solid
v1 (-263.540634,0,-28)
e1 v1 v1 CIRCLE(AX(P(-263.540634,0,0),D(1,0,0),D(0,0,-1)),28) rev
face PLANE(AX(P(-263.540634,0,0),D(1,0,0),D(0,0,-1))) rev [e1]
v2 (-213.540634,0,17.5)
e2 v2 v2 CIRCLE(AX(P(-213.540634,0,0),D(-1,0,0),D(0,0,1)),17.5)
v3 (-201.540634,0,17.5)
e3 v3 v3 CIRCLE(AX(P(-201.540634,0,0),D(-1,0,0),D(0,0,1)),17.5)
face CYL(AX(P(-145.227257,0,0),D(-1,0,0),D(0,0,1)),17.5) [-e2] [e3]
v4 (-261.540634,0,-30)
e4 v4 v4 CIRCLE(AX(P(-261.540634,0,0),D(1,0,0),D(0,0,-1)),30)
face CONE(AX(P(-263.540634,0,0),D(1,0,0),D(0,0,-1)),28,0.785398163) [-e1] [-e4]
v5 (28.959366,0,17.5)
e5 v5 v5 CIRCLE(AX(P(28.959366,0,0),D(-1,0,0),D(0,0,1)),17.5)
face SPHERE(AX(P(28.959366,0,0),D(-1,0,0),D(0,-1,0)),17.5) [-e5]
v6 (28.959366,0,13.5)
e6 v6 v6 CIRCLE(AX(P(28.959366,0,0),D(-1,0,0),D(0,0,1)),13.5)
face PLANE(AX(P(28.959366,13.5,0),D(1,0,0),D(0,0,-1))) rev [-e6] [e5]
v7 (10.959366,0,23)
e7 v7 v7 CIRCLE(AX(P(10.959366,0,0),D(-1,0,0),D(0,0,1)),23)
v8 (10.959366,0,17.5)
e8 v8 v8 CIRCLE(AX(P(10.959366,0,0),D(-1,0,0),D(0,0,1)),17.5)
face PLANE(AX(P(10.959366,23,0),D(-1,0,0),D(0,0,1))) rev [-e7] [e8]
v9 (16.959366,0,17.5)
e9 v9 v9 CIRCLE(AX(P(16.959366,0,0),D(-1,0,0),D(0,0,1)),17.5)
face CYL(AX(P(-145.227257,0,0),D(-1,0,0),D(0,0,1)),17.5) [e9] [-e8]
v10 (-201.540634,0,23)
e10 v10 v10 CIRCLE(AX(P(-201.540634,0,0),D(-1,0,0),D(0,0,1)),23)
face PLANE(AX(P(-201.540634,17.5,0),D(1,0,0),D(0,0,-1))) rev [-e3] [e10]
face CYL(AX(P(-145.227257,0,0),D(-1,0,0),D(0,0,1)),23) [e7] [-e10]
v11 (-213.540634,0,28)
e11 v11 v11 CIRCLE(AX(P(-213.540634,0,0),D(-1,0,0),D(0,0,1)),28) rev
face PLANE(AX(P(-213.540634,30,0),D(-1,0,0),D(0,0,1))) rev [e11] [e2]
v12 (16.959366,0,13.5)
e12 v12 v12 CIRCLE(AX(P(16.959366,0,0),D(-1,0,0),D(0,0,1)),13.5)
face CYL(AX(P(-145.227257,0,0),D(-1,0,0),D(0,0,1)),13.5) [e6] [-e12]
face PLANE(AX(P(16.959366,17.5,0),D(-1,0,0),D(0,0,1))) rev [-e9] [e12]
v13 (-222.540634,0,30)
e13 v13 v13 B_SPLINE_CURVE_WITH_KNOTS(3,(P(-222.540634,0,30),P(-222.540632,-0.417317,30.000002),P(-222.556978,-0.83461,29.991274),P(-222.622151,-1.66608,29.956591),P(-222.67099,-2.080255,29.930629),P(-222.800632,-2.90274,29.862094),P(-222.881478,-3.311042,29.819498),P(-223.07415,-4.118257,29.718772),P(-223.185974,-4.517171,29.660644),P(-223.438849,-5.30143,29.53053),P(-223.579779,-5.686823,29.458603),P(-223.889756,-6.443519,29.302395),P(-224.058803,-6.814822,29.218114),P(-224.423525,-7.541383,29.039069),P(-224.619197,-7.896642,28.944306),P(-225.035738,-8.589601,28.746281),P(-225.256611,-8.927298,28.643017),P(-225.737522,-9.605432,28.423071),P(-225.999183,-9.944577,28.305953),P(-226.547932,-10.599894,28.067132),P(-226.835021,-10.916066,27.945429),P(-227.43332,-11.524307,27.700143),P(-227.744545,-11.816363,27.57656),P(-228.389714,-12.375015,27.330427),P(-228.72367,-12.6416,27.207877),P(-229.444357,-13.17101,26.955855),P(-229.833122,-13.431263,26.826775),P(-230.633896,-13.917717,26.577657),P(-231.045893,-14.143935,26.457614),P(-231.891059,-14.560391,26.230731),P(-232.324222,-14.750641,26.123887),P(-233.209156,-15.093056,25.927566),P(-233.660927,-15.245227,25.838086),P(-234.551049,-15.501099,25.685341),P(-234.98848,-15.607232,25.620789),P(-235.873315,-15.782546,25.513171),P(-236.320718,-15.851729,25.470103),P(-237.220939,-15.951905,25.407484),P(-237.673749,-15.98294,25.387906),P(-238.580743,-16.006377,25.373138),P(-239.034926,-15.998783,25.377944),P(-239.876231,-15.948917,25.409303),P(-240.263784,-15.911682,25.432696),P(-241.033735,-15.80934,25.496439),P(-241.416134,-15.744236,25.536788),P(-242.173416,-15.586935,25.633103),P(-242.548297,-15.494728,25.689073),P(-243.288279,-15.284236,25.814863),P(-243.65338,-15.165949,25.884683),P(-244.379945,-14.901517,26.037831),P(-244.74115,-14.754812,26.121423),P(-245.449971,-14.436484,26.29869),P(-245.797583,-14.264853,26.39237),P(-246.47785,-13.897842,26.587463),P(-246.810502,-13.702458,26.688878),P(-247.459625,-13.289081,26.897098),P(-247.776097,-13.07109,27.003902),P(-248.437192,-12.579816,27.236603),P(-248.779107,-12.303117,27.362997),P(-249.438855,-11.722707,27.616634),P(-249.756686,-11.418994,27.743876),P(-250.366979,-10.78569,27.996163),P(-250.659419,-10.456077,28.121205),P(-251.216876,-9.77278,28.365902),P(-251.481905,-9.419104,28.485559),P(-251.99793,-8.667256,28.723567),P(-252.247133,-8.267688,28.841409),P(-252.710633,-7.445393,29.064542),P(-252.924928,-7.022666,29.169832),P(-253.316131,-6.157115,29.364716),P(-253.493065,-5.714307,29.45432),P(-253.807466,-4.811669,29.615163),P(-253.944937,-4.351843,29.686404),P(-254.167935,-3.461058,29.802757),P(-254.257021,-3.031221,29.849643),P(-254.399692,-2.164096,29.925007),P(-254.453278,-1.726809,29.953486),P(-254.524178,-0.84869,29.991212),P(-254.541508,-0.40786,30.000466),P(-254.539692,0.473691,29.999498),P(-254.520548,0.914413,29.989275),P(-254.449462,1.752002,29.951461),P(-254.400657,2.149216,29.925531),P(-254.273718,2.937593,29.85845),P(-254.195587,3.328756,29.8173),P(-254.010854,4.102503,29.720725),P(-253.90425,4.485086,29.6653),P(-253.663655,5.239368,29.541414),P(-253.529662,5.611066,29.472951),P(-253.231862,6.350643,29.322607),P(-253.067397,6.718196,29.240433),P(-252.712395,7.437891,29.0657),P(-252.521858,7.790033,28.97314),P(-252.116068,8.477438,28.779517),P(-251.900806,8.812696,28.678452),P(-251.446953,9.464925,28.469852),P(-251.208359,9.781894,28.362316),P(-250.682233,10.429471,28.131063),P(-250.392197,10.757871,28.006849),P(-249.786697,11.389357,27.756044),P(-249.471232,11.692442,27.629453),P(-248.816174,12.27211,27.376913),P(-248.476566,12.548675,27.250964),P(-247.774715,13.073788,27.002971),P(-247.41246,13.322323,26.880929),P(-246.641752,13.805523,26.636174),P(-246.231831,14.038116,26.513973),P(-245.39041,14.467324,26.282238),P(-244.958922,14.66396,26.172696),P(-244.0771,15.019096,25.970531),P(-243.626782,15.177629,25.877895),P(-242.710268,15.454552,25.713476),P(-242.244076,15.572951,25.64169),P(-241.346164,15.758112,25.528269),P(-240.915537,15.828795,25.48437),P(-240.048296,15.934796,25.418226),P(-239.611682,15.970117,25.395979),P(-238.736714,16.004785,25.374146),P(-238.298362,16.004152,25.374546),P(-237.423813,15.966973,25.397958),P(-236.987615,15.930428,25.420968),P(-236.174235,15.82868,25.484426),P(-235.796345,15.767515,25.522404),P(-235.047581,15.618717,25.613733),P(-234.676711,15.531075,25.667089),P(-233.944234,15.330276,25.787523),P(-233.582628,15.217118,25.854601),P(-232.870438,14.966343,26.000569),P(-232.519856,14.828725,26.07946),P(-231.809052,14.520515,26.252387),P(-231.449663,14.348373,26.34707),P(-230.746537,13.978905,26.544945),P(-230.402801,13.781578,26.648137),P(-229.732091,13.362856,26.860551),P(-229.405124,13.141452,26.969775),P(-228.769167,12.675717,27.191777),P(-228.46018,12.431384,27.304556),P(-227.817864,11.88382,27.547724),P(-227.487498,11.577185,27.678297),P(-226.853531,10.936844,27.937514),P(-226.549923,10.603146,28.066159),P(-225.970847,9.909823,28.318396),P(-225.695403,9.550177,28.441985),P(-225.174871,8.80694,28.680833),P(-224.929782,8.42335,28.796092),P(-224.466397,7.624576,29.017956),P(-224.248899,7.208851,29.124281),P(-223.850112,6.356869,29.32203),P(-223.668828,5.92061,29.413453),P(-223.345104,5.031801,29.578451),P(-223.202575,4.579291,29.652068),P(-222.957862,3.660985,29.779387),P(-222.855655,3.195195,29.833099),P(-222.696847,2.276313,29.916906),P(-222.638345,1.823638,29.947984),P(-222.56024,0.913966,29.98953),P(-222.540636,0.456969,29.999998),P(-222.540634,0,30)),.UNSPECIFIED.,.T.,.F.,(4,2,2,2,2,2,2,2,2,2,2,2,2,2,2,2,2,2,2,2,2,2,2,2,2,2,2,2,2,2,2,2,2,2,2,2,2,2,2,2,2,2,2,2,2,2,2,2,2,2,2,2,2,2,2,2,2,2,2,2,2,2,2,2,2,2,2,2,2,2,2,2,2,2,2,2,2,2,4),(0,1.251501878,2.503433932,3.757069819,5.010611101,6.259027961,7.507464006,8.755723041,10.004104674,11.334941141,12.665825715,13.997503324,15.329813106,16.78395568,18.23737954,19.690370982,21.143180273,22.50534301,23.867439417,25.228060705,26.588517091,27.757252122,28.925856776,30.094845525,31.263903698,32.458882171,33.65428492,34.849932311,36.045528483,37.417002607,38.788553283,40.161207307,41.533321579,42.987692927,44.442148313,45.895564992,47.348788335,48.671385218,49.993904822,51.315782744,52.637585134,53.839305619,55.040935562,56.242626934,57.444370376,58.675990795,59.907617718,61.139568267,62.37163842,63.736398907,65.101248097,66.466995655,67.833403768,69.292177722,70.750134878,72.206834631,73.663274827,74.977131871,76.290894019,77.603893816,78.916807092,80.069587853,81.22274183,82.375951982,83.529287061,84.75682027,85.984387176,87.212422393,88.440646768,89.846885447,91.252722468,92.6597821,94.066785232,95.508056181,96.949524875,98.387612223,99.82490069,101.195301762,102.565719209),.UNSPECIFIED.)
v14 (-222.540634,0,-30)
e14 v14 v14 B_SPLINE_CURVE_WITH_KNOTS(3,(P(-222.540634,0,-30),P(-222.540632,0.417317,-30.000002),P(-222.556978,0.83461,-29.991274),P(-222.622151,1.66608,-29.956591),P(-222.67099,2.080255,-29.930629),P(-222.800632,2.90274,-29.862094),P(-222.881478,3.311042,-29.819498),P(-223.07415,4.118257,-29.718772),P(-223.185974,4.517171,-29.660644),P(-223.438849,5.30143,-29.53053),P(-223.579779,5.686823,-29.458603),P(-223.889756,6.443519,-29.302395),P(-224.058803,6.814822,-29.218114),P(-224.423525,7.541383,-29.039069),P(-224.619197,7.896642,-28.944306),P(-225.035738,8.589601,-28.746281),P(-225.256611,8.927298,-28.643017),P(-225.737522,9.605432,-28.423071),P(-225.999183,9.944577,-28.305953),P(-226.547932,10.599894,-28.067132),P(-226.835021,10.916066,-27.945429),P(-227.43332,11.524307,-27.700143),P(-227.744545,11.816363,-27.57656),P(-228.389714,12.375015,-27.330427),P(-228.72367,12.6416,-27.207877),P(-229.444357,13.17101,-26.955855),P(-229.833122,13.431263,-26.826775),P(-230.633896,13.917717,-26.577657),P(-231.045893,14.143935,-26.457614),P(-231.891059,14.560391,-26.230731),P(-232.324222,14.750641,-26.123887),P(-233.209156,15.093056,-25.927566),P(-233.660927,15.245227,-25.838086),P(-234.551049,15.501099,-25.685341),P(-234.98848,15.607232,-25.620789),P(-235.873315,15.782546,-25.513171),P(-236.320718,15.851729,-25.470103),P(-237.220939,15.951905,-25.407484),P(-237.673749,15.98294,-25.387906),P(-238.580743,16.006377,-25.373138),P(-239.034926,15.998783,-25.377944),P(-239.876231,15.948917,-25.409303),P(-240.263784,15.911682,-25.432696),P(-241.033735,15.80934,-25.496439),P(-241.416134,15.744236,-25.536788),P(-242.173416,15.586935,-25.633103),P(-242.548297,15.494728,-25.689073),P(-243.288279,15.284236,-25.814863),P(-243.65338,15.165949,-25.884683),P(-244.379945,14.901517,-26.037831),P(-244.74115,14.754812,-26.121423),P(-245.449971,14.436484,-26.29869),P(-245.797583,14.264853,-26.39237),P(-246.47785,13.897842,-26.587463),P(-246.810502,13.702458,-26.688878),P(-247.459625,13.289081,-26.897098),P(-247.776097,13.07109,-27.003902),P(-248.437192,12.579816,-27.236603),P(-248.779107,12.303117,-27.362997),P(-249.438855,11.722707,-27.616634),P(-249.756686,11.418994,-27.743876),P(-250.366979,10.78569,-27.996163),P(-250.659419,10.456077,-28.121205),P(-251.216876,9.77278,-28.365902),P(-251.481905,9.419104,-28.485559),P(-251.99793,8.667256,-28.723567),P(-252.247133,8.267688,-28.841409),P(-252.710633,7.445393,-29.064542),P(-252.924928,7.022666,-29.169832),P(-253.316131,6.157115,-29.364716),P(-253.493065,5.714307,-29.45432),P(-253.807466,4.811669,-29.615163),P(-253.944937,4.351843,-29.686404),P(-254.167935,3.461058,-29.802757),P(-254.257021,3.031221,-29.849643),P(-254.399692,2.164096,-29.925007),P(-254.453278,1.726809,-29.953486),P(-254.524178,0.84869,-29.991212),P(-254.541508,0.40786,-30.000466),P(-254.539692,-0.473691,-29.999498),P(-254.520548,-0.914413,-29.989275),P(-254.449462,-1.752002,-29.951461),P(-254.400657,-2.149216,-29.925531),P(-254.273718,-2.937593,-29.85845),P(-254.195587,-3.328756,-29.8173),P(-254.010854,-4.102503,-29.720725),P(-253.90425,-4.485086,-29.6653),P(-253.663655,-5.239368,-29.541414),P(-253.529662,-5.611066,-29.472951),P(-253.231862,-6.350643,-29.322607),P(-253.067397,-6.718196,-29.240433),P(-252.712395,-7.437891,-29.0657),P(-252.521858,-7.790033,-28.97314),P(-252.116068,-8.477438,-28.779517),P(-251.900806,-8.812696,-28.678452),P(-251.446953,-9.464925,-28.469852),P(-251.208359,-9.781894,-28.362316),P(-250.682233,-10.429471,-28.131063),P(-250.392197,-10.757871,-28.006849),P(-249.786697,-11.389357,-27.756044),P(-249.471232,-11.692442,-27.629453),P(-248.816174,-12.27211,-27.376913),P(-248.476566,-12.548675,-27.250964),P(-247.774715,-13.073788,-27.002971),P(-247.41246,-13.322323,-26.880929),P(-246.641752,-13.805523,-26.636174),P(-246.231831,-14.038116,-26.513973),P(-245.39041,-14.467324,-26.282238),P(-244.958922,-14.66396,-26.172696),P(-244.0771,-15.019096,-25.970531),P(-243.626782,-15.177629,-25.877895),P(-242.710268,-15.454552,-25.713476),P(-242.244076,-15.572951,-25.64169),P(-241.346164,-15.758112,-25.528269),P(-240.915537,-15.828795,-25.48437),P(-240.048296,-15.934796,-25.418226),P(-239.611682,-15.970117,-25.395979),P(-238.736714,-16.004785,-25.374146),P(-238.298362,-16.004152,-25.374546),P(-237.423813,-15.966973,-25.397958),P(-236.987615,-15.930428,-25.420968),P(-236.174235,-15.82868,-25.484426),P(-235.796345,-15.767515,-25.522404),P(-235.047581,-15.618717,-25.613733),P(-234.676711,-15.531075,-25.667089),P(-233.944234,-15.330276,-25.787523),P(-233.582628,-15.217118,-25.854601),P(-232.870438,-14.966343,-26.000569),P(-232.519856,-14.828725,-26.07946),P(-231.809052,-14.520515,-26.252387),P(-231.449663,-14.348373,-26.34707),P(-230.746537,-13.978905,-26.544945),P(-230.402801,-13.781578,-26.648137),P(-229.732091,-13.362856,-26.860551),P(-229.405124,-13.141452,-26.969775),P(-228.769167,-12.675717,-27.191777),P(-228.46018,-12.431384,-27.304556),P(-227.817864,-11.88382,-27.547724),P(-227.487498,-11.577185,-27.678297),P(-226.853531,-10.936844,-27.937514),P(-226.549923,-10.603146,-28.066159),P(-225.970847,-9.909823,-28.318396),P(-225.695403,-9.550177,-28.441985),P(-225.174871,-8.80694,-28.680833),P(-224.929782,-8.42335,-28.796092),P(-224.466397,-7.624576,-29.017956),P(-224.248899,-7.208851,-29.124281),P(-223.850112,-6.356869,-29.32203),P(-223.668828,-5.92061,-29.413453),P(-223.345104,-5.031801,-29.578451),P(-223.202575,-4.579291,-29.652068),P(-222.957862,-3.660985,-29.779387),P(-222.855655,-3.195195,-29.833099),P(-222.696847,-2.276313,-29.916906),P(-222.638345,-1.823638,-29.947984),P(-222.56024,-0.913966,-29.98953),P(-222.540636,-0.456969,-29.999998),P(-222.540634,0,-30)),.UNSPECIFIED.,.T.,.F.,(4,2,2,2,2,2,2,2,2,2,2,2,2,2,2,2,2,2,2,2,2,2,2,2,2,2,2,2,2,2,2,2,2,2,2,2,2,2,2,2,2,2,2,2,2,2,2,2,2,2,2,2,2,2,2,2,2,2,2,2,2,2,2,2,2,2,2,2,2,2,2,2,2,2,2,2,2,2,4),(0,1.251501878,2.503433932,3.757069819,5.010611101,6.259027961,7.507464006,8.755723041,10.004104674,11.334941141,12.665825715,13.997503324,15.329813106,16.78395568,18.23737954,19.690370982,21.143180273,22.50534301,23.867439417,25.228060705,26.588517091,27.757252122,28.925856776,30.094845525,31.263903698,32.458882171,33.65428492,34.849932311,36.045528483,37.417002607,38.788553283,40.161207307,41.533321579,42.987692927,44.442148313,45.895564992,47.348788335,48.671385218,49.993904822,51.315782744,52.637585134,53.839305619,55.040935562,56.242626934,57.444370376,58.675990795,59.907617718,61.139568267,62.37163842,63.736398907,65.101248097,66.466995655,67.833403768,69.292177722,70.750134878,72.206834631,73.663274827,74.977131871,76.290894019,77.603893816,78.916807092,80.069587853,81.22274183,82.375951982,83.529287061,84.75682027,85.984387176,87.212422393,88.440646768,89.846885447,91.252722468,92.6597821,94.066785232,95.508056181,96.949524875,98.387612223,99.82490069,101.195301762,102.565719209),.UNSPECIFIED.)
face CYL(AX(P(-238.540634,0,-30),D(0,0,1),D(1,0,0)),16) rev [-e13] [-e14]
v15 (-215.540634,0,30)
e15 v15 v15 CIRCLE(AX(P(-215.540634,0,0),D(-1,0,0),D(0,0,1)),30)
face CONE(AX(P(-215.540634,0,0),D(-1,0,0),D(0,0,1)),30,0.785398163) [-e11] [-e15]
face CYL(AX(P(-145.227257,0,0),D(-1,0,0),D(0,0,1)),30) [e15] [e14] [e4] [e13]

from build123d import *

# Parameters (mm, degrees)
CHAMFER1_SIZE      = 2
SKETCH5_R          = 16
CUT_EXTRUDE2_DEPTH = 61


with BuildPart() as part:
    # Sketch1 → Revolve1 (revolve)
    with BuildSketch(Plane.XY):
        with BuildLine():
            Line((-263.540634281, 0), (-263.540634281, 30))
            Line((-263.540634281, 30), (-213.540634281, 30))
            Line((-213.540634281, 30), (-213.540634281, 17.5))
            Line((-213.540634281, 17.5), (-201.540634281, 17.5))
            Line((-201.540634281, 17.5), (-201.540634281, 23))
            Line((-201.540634281, 23), (10.959365719, 23))
            Line((10.959365719, 23), (10.959365719, 17.5))
            Line((10.959365719, 17.5), (16.959365719, 17.5))
            Line((16.959365719, 17.5), (16.959365719, 13.5))
            Line((16.959365719, 13.5), (28.959365719, 13.5))
            Line((28.959365719, 13.5), (28.959365719, 17.5))
            ThreePointArc((28.959365719, 17.5), (41.333734389, 12.374368671), (46.459365719, 0))
            Line((46.459365719, 0), (-263.540634281, 0))
        make_face()
    revolve(axis=Axis((-145.227257267, 0, 0), (1, 0, 0)))

    # Chamfer1
    chamfer1_edges = [part.edges().sort_by_distance(p)[0] for p in [
        (-213.540634281, -30, 0),
        (-263.540634281, -30, 0),
    ]]
    chamfer(chamfer1_edges, length=CHAMFER1_SIZE)

    # Sketch5 → Cut-Extrude2 (cut, through all)
    with BuildSketch(Plane.XY.offset(30)):
        with Locations((-238.540634281, 0)):
            Circle(SKETCH5_R)
    extrude(amount=-CUT_EXTRUDE2_DEPTH, mode=Mode.SUBTRACT)


solid = part.part
